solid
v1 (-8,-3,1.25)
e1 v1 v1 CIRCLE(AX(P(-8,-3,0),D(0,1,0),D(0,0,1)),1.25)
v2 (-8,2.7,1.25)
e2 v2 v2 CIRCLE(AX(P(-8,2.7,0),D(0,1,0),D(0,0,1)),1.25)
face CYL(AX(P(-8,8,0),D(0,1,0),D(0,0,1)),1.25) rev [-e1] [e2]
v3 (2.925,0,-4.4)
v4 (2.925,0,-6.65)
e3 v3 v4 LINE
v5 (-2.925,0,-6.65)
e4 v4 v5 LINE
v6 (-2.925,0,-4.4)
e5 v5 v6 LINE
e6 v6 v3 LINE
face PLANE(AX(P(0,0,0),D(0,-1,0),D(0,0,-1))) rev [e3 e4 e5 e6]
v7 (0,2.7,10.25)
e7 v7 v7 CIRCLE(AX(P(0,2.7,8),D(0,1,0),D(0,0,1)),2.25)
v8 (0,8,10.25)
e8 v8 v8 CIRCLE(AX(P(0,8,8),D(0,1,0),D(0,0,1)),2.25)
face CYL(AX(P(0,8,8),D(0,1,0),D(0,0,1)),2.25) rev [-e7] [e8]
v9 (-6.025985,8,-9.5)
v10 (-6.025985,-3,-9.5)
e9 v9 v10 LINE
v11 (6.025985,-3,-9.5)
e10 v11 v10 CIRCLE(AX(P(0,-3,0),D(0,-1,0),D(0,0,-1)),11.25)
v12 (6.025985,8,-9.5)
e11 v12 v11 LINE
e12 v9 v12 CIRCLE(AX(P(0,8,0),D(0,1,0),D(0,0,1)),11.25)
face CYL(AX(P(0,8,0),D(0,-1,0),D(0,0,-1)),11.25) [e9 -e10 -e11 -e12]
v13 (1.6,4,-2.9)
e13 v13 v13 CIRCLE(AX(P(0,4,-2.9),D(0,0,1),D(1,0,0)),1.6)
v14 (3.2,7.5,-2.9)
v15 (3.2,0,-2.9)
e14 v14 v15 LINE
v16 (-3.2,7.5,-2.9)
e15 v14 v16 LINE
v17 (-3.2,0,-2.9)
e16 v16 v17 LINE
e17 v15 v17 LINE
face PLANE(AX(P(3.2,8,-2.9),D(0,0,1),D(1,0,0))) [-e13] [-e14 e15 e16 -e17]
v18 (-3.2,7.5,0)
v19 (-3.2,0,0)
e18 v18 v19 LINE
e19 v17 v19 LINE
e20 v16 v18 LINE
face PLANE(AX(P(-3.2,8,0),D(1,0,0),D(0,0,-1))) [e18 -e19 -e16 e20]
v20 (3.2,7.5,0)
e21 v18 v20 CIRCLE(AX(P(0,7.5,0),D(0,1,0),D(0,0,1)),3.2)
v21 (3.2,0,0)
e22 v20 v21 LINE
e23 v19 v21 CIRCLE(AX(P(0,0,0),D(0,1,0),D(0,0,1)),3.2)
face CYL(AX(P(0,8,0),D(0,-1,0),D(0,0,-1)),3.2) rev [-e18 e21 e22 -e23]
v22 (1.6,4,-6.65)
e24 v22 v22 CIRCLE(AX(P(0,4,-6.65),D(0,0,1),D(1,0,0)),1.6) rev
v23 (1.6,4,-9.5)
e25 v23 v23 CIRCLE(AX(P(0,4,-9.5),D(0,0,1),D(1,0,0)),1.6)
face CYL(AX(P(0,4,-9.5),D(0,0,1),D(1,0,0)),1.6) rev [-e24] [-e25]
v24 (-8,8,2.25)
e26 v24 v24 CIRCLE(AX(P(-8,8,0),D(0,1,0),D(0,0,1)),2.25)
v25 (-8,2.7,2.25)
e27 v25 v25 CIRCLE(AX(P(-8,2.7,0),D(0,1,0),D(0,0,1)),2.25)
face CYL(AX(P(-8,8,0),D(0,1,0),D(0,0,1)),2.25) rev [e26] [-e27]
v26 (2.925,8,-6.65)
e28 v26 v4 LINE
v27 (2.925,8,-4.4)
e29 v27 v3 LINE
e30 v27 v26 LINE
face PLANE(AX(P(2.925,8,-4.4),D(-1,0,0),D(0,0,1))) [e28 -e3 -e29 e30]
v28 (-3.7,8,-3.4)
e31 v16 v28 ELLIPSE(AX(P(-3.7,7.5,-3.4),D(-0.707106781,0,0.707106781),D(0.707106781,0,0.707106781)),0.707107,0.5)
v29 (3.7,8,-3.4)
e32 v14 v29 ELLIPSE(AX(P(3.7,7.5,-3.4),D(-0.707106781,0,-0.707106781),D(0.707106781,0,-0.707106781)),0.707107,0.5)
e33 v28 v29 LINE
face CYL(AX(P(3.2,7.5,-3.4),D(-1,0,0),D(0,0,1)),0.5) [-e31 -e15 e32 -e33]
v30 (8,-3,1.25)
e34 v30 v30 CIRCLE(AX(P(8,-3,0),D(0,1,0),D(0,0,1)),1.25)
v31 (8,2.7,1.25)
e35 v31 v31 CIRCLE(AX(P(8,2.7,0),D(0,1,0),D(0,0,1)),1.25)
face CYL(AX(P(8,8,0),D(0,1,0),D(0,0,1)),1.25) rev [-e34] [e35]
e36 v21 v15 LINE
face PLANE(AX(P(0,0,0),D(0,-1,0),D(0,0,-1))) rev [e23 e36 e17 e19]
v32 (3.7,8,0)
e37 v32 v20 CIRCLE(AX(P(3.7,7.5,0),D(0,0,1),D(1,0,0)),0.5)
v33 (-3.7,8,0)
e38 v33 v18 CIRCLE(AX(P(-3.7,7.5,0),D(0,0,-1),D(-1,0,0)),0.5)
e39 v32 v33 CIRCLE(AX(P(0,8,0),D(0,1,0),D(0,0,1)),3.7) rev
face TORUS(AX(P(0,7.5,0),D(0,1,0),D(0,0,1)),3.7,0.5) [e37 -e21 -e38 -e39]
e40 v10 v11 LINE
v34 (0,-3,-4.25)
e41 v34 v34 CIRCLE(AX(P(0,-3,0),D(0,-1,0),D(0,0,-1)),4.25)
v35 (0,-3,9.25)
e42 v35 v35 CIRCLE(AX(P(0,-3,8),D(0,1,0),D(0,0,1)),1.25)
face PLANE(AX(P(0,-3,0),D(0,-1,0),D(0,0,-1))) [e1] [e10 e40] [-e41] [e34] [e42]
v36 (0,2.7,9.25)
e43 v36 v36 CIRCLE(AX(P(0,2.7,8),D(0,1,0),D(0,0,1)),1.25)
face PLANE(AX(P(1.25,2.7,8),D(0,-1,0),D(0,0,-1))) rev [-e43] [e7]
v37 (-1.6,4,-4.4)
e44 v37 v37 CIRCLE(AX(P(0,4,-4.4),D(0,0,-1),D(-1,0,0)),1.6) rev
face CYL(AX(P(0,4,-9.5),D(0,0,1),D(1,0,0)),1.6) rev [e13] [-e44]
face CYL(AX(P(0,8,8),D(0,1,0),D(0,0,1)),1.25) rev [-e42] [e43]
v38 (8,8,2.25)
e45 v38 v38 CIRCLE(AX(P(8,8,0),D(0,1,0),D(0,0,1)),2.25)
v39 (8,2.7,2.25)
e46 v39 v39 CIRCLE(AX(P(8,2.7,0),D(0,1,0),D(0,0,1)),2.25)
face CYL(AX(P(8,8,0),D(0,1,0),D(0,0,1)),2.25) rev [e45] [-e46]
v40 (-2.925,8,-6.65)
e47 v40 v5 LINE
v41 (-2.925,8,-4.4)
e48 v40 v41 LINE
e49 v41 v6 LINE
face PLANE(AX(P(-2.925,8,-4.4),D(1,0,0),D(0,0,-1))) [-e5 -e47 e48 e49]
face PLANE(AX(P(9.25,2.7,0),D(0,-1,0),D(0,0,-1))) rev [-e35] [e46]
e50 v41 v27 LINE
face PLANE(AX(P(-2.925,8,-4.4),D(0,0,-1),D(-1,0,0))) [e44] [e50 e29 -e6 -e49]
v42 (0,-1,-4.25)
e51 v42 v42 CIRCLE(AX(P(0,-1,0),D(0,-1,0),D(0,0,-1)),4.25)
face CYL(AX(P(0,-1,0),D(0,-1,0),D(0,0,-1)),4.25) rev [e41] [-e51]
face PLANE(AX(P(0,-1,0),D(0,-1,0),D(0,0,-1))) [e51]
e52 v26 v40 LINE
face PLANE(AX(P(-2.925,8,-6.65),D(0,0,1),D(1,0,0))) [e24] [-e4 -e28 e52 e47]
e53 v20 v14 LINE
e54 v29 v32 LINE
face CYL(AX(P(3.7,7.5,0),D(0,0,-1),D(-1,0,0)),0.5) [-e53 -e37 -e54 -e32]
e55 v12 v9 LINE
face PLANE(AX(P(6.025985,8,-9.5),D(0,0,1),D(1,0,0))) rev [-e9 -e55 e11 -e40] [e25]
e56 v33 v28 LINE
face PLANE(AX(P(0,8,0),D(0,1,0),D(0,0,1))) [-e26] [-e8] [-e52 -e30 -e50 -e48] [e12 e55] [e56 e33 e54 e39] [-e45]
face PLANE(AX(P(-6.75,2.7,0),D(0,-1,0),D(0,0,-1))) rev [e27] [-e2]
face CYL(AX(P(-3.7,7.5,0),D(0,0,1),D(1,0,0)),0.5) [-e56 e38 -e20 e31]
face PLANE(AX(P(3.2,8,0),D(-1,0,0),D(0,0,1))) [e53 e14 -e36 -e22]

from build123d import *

# Parameters (mm, degrees)
BOSS_EXTRU_1_DEPTH                              = 8
CONG_1_R                                        = 0.5
ESQUISSE6_R                                     = 1.6
ENL_V_MAT_EXTRU_1_DEPTH                         = 10.5
ESQUISSE7_W                                     = 5.85
ESQUISSE7_H                                     = 2.25
ENL_V_MAT_EXTRU_2_DEPTH                         = 9.0000001
BOSS_EXTRU_2_DEPTH                              = 3
CHAMBRAGE_POUR_VIS_T_TE_CYLINDRIQUE_D           = 2.5
CHAMBRAGE_POUR_VIS_T_TE_CYLINDRIQUE_CBORE_D     = 4.5
CHAMBRAGE_POUR_VIS_T_TE_CYLINDRIQUE_CBORE_DEPTH = 5.3
ESQUISSE14_R                                    = 4.25
ENL_V_MAT_EXTRU_3_DEPTH                         = 2


with BuildPart() as part:
    # Esquisse1 → Boss.-Extru.1 (new body)
    with BuildSketch(Plane(origin=(0, 0, 0), x_dir=(1, 0, 0), z_dir=(0, 1, 0))):
        with BuildLine():
            Line((6.025985397, 9.5), (-6.025985397, 9.5))
            ThreePointArc((-6.025985397, 9.5), (0, -11.25), (6.025985397, 9.5))
        make_face()
        with BuildLine():
            Line((-3.2, 0), (-3.2, 2.9))
            Line((-3.2, 2.9), (3.2, 2.9))
            Line((3.2, 2.9), (3.2, 0))
            ThreePointArc((3.2, 0), (0, -3.2), (-3.2, 0))
        make_face(mode=Mode.SUBTRACT)
    extrude(amount=BOSS_EXTRU_1_DEPTH)

    # Congé1
    cong_1_edges = [part.edges().sort_by_distance(p)[0] for p in [
        (0, 8, 3.2),
        (3.2, 8, -1.45),
        (0, 8, -2.9),
        (-3.2, 8, -1.45),
    ]]
    fillet(cong_1_edges, radius=CONG_1_R)

    # Esquisse6 → Enlèv. mat.-Extru.1 (cut, through all)
    with BuildSketch(Plane.XY):
        with Locations((0, 4)):
            Circle(ESQUISSE6_R)
    extrude(amount=-ENL_V_MAT_EXTRU_1_DEPTH, mode=Mode.SUBTRACT)

    # Esquisse7 → Enlèv. mat.-Extru.2 (cut, through all)
    with BuildSketch(Plane(origin=(0, 0, 0), x_dir=(1, 0, 0), z_dir=(0, 1, 0))):
        with Locations((0, 5.525)):
            Rectangle(ESQUISSE7_W, ESQUISSE7_H)
    extrude(amount=ENL_V_MAT_EXTRU_2_DEPTH, mode=Mode.SUBTRACT)

    # Esquisse8 → Boss.-Extru.2 (add)
    with BuildSketch(Plane.XZ):
        with BuildLine():
            Line((-6.025985397, -9.5), (6.025985397, -9.5))
            ThreePointArc((6.025985397, -9.5), (0, 11.25), (-6.025985397, -9.5))
        make_face()
    extrude(amount=BOSS_EXTRU_2_DEPTH)

    # Chambrage pour vis à tête cylindrique à 6 pans creux (ou vis CHC) M21 (through all)
    with Locations(Plane(origin=(0, 8, 0), x_dir=(1, 0, 0), z_dir=(0, 1, 0))):
        with Locations((-8, 0), (0, -8), (8, 0)):
            CounterBoreHole(CHAMBRAGE_POUR_VIS_T_TE_CYLINDRIQUE_D / 2, CHAMBRAGE_POUR_VIS_T_TE_CYLINDRIQUE_CBORE_D / 2, CHAMBRAGE_POUR_VIS_T_TE_CYLINDRIQUE_CBORE_DEPTH)

    # Esquisse14 → Enlèv. mat.-Extru.3 (cut)
    with BuildSketch(Plane.XZ.offset(3)):
        Circle(ESQUISSE14_R)
    extrude(amount=-ENL_V_MAT_EXTRU_3_DEPTH, mode=Mode.SUBTRACT)


solid = part.part
